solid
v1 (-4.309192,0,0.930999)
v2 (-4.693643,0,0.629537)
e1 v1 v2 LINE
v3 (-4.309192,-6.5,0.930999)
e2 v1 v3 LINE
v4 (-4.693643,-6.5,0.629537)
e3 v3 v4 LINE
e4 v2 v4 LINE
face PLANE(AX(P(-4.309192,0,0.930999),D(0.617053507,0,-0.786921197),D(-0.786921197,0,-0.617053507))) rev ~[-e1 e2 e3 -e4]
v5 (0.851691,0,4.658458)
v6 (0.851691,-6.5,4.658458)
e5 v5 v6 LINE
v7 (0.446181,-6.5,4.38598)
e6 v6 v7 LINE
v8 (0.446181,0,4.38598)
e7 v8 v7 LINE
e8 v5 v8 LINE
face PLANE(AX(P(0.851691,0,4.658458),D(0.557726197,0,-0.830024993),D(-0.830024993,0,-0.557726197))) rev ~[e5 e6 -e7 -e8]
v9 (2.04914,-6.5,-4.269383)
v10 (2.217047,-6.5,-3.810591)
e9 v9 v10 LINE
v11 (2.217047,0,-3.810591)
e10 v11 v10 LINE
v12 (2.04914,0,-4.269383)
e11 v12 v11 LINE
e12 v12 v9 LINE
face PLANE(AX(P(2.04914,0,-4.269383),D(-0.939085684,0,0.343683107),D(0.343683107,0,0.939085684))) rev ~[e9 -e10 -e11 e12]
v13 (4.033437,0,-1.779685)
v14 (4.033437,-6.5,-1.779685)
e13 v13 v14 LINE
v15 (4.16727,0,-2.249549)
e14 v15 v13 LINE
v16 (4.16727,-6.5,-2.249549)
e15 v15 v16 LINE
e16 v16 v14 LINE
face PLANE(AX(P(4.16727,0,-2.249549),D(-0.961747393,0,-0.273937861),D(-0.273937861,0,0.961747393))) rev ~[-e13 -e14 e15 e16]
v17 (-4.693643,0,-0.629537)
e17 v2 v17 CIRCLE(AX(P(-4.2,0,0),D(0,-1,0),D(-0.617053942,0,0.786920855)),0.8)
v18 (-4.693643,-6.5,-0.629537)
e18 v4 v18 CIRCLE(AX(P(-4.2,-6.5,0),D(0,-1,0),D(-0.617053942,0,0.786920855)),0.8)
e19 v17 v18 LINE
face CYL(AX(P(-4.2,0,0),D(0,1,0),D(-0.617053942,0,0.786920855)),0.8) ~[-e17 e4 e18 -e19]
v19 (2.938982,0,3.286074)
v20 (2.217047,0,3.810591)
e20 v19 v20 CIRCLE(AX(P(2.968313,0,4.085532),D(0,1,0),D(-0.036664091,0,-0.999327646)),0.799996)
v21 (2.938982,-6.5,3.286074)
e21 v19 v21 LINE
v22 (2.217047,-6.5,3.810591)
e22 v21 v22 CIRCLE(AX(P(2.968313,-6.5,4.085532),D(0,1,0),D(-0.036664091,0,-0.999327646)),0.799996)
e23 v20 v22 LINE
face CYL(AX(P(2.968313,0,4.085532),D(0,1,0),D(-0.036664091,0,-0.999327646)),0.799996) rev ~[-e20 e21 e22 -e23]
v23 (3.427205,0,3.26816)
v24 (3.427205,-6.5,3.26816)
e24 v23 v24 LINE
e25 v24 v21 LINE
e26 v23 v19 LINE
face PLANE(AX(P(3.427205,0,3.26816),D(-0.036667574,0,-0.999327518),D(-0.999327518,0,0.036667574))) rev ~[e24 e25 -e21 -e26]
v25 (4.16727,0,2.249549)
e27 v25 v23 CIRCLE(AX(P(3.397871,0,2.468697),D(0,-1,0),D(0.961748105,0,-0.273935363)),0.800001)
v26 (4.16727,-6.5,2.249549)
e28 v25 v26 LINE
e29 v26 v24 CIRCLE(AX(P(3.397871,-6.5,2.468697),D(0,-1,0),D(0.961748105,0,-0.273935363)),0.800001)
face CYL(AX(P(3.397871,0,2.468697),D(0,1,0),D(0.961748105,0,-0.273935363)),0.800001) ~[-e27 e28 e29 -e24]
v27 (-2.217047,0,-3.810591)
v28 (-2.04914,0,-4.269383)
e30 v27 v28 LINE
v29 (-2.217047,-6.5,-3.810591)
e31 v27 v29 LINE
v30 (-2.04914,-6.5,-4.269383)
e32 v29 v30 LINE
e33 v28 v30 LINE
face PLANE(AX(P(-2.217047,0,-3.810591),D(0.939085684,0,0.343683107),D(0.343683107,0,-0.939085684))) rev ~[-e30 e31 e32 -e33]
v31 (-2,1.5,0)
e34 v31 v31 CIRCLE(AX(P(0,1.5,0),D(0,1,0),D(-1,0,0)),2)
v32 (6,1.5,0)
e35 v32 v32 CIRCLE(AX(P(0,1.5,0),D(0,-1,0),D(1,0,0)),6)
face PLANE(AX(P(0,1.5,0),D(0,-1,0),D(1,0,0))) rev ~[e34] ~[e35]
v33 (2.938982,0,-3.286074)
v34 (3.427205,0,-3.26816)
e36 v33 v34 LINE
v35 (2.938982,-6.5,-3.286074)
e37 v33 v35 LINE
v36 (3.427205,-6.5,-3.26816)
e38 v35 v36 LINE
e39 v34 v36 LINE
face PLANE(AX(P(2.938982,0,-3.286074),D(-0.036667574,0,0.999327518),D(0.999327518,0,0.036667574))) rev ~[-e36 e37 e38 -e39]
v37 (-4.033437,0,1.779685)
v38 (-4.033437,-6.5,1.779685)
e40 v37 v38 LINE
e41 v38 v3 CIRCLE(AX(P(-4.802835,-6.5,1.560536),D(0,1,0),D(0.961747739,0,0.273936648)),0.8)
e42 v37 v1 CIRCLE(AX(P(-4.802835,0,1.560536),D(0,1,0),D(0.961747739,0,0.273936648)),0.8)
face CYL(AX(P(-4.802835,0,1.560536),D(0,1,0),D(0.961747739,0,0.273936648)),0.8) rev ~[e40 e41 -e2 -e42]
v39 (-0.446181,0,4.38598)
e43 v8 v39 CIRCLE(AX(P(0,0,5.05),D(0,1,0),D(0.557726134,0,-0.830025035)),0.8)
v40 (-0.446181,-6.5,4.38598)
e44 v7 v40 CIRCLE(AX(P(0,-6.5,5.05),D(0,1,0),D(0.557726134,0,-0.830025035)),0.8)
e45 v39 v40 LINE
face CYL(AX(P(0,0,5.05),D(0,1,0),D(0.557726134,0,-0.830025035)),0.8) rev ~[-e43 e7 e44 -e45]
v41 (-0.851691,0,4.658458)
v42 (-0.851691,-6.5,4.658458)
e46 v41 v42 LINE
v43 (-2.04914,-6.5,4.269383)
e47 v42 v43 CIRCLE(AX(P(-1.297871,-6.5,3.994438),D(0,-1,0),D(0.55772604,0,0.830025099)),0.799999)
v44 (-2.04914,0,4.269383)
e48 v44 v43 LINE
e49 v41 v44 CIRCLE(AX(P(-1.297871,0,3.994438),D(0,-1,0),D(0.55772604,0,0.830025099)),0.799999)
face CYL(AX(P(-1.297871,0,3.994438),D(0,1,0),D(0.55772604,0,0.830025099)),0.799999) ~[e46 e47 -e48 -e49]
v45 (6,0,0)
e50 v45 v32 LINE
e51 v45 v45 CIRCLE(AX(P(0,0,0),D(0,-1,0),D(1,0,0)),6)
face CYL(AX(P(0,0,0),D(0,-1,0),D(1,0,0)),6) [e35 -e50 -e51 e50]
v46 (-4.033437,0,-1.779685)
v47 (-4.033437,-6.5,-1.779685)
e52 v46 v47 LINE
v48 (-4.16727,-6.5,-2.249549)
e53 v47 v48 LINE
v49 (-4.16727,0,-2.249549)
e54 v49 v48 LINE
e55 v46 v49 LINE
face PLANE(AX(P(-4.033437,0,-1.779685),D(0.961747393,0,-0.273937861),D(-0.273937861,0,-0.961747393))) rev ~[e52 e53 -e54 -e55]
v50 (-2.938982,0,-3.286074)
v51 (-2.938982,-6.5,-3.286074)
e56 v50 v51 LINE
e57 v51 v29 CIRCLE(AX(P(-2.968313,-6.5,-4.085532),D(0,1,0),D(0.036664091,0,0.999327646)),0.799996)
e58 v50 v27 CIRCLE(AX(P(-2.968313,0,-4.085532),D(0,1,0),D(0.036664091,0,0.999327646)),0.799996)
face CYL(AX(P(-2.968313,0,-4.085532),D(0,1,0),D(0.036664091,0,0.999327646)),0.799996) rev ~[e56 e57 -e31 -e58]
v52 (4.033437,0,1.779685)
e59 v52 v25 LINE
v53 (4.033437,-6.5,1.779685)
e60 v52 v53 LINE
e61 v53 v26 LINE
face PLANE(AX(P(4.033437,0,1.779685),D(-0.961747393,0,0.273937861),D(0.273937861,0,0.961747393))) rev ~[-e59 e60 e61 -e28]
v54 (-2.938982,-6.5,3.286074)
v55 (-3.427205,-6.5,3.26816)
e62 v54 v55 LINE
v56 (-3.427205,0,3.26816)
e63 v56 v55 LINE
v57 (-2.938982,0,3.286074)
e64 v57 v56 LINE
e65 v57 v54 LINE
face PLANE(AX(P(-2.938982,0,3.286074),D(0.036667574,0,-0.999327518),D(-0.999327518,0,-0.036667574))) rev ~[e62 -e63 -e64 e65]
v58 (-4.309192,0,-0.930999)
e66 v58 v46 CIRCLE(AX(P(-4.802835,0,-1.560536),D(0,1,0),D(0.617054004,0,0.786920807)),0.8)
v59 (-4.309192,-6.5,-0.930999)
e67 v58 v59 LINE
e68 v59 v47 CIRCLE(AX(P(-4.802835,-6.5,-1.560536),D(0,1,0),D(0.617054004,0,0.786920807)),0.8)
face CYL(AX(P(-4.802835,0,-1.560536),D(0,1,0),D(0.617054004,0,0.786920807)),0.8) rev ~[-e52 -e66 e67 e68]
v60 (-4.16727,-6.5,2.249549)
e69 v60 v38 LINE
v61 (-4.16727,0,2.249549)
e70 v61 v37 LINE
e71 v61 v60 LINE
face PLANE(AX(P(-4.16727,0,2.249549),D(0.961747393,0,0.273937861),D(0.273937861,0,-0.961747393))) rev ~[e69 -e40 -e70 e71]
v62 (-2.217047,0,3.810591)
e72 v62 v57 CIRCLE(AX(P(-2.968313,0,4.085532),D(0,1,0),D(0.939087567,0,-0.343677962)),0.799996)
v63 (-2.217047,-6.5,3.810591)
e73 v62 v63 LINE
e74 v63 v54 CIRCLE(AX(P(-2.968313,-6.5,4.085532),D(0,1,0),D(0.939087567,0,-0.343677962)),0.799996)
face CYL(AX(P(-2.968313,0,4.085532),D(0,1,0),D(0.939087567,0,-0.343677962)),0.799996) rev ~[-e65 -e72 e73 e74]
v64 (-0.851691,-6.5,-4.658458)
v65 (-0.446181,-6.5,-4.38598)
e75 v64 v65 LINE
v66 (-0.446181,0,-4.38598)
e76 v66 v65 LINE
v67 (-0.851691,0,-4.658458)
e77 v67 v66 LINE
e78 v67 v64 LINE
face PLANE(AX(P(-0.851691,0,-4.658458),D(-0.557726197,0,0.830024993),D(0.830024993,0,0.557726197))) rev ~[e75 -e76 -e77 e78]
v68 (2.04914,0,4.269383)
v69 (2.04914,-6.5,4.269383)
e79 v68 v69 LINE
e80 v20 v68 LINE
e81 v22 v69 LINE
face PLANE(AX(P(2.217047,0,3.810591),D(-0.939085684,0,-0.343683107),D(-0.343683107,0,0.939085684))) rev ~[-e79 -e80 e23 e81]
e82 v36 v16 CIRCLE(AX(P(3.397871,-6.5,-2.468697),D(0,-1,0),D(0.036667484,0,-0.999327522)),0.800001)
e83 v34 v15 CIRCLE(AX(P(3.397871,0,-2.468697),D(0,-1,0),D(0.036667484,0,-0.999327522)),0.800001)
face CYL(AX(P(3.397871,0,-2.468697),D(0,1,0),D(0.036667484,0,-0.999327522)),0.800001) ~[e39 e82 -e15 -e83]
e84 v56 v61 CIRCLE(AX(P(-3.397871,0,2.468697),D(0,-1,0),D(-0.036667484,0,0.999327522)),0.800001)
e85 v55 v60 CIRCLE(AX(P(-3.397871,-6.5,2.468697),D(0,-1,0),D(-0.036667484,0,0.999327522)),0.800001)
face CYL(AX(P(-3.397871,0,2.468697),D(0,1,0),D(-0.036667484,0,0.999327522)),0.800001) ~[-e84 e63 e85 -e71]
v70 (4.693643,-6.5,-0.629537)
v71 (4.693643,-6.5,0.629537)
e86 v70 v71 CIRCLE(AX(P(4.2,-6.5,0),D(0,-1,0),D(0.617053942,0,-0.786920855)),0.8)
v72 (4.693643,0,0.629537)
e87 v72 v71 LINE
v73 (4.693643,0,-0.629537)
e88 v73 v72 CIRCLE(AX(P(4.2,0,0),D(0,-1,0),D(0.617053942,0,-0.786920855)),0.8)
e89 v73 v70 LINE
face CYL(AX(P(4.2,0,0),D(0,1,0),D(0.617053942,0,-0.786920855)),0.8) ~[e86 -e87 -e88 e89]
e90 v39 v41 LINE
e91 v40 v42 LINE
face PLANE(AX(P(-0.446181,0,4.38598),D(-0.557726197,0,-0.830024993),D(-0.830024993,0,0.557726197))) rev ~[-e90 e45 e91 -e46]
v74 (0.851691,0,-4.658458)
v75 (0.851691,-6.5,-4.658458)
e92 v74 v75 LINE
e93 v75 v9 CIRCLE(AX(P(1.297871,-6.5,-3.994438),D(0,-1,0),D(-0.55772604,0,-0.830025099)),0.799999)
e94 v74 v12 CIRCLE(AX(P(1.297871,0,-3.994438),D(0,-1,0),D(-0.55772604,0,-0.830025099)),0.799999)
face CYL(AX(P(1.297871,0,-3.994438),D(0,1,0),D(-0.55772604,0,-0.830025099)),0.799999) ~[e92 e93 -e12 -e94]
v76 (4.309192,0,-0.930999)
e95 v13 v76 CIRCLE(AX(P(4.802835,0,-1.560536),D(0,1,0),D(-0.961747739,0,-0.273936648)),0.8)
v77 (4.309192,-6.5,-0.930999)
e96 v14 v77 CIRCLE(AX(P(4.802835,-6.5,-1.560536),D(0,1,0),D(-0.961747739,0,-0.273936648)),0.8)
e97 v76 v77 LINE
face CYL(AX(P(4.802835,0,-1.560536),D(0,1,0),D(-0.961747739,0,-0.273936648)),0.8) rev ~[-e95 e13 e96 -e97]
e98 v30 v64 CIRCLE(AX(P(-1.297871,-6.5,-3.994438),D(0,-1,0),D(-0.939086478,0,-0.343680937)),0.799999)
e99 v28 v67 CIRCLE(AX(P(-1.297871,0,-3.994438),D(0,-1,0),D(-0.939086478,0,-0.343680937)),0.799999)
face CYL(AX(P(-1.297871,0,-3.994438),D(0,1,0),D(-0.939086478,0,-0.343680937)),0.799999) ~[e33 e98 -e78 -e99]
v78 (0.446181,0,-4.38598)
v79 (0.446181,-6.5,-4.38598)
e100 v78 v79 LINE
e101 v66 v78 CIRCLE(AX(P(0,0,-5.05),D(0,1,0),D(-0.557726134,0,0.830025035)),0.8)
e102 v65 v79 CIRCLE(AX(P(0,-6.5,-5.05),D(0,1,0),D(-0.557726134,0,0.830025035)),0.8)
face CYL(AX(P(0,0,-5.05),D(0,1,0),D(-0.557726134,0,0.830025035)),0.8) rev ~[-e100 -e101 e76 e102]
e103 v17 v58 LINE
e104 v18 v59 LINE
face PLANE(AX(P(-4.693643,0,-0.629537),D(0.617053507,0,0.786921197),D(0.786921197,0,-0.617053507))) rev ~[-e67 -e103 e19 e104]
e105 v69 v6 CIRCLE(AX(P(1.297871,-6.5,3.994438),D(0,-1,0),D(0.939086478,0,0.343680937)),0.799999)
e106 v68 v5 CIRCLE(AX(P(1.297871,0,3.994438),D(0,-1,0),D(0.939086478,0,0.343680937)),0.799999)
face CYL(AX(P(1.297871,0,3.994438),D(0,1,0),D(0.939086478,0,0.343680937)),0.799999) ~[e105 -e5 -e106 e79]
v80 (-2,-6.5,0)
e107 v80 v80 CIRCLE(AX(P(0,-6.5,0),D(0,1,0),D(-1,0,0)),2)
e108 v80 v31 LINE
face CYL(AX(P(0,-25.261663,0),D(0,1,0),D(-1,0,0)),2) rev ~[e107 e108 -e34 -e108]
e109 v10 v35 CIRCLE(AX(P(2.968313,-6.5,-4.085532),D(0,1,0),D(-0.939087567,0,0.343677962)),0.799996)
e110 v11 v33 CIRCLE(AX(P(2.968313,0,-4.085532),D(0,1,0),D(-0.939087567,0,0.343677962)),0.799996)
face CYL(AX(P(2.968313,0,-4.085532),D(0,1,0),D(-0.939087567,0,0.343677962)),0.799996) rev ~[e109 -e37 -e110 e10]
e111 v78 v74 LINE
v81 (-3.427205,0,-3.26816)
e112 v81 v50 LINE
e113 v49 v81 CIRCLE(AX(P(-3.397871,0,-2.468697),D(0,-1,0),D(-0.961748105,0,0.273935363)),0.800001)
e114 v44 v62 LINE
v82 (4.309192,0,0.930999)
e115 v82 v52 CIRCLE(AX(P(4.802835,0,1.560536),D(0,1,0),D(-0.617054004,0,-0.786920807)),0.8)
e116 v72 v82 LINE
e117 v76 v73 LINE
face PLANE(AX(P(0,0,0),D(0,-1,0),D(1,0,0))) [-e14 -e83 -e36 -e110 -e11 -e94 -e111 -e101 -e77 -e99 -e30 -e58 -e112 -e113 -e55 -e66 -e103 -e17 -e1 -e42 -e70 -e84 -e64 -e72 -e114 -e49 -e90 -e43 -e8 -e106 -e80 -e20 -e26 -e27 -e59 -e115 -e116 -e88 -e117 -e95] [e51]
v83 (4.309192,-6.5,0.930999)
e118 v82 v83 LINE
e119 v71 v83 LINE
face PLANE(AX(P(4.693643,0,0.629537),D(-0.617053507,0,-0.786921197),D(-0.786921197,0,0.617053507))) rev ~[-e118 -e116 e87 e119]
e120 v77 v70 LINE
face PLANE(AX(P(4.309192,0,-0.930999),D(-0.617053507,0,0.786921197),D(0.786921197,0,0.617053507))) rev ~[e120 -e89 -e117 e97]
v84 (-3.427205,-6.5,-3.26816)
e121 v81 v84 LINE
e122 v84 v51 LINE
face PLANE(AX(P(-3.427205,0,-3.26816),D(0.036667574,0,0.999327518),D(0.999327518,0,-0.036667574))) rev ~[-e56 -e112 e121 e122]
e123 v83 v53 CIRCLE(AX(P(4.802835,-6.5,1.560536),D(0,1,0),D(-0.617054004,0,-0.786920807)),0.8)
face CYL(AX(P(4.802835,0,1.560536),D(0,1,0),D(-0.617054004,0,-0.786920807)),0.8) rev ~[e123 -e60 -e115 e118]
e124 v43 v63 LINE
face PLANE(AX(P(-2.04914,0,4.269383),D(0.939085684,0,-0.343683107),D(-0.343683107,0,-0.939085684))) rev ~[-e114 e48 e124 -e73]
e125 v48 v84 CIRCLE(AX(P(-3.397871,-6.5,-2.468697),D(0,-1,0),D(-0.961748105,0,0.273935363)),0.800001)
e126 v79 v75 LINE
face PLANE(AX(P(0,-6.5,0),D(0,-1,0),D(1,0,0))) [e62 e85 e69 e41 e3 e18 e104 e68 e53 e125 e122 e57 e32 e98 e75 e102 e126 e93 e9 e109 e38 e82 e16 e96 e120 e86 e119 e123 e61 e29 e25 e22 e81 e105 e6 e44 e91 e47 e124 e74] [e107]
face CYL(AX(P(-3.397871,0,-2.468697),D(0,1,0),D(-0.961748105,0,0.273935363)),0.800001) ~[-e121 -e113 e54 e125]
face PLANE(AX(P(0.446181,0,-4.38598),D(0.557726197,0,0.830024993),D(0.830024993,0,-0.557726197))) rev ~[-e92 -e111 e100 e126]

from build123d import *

# Parameters (mm, degrees)
F1_DEPTH = 6.5
F0_R     = 6
F2_DEPTH = 1.5
F4_D     = 4


with BuildPart() as f1:
    # F0 (on Front) → F1 (new body)
    with BuildSketch(Plane.XZ):
        with BuildLine():
            ThreePointArc((2.938982, 3.286074), (2.498087, 3.438322), (2.217047, 3.810591))
            Line((2.217047, 3.810591), (2.04914, 4.269383))
            ThreePointArc((2.04914, 4.269383), (1.545085, 4.755283), (0.851691, 4.658458))
            Line((0.851691, 4.658458), (0.446181, 4.38598))
            ThreePointArc((0.446181, 4.38598), (0, 4.25), (-0.446181, 4.38598))
            Line((-0.446181, 4.38598), (-0.851691, 4.658458))
            ThreePointArc((-0.851691, 4.658458), (-1.545085, 4.755283), (-2.04914, 4.269383))
            Line((-2.04914, 4.269383), (-2.217047, 3.810591))
            ThreePointArc((-2.217047, 3.810591), (-2.498087, 3.438322), (-2.938982, 3.286074))
            Line((-2.938982, 3.286074), (-3.427205, 3.26816))
            ThreePointArc((-3.427205, 3.26816), (-4.045085, 2.938926), (-4.16727, 2.249549))
            Line((-4.16727, 2.249549), (-4.033437, 1.779685))
            ThreePointArc((-4.033437, 1.779685), (-4.04199, 1.313322), (-4.309192, 0.930999))
            Line((-4.309192, 0.930999), (-4.693643, 0.629537))
            ThreePointArc((-4.693643, 0.629537), (-5, 0), (-4.693643, -0.629537))
            Line((-4.693643, -0.629537), (-4.309192, -0.930999))
            ThreePointArc((-4.309192, -0.930999), (-4.04199, -1.313322), (-4.033437, -1.779685))
            Line((-4.033437, -1.779685), (-4.16727, -2.249549))
            ThreePointArc((-4.16727, -2.249549), (-4.045085, -2.938926), (-3.427205, -3.26816))
            Line((-3.427205, -3.26816), (-2.938982, -3.286074))
            ThreePointArc((-2.938982, -3.286074), (-2.498087, -3.438322), (-2.217047, -3.810591))
            Line((-2.217047, -3.810591), (-2.04914, -4.269383))
            ThreePointArc((-2.04914, -4.269383), (-1.545085, -4.755283), (-0.851691, -4.658458))
            Line((-0.851691, -4.658458), (-0.446181, -4.38598))
            ThreePointArc((-0.446181, -4.38598), (0, -4.25), (0.446181, -4.38598))
            Line((0.446181, -4.38598), (0.851691, -4.658458))
            ThreePointArc((0.851691, -4.658458), (1.545085, -4.755283), (2.04914, -4.269383))
            Line((2.04914, -4.269383), (2.217047, -3.810591))
            ThreePointArc((2.217047, -3.810591), (2.498087, -3.438322), (2.938982, -3.286074))
            Line((2.938982, -3.286074), (3.427205, -3.26816))
            ThreePointArc((3.427205, -3.26816), (4.045085, -2.938926), (4.16727, -2.249549))
            Line((4.16727, -2.249549), (4.033437, -1.779685))
            ThreePointArc((4.033437, -1.779685), (4.04199, -1.313322), (4.309192, -0.930999))
            Line((4.309192, -0.930999), (4.693643, -0.629537))
            ThreePointArc((4.693643, -0.629537), (5, 0), (4.693643, 0.629537))
            Line((4.693643, 0.629537), (4.309192, 0.930999))
            ThreePointArc((4.309192, 0.930999), (4.04199, 1.313322), (4.033437, 1.779685))
            Line((4.033437, 1.779685), (4.16727, 2.249549))
            ThreePointArc((4.16727, 2.249549), (4.045085, 2.938926), (3.427205, 3.26816))
            Line((3.427205, 3.26816), (2.938982, 3.286074))
        make_face()
    extrude(amount=F1_DEPTH)

    # F0 (on Front) → F2 (join)
    with BuildSketch(Plane.XZ):
        Circle(F0_R)
        with BuildLine():
            Line((2.04914, 4.269383), (2.217047, 3.810591))
            ThreePointArc((2.217047, 3.810591), (2.498087, 3.438322), (2.938982, 3.286074))
            Line((2.938982, 3.286074), (3.427205, 3.26816))
            ThreePointArc((3.427205, 3.26816), (4.045085, 2.938926), (4.16727, 2.249549))
            Line((4.16727, 2.249549), (4.033437, 1.779685))
            ThreePointArc((4.033437, 1.779685), (4.04199, 1.313322), (4.309192, 0.930999))
            Line((4.309192, 0.930999), (4.693643, 0.629537))
            ThreePointArc((4.693643, 0.629537), (5, 0), (4.693643, -0.629537))
            Line((4.693643, -0.629537), (4.309192, -0.930999))
            ThreePointArc((4.309192, -0.930999), (4.04199, -1.313322), (4.033437, -1.779685))
            Line((4.033437, -1.779685), (4.16727, -2.249549))
            ThreePointArc((4.16727, -2.249549), (4.045085, -2.938926), (3.427205, -3.26816))
            Line((3.427205, -3.26816), (2.938982, -3.286074))
            ThreePointArc((2.938982, -3.286074), (2.498087, -3.438322), (2.217047, -3.810591))
            Line((2.217047, -3.810591), (2.04914, -4.269383))
            ThreePointArc((2.04914, -4.269383), (1.545085, -4.755283), (0.851691, -4.658458))
            Line((0.851691, -4.658458), (0.446181, -4.38598))
            ThreePointArc((0.446181, -4.38598), (0, -4.25), (-0.446181, -4.38598))
            Line((-0.446181, -4.38598), (-0.851691, -4.658458))
            ThreePointArc((-0.851691, -4.658458), (-1.545085, -4.755283), (-2.04914, -4.269383))
            Line((-2.04914, -4.269383), (-2.217047, -3.810591))
            ThreePointArc((-2.217047, -3.810591), (-2.498087, -3.438322), (-2.938982, -3.286074))
            Line((-2.938982, -3.286074), (-3.427205, -3.26816))
            ThreePointArc((-3.427205, -3.26816), (-4.045085, -2.938926), (-4.16727, -2.249549))
            Line((-4.16727, -2.249549), (-4.033437, -1.779685))
            ThreePointArc((-4.033437, -1.779685), (-4.04199, -1.313322), (-4.309192, -0.930999))
            Line((-4.309192, -0.930999), (-4.693643, -0.629537))
            ThreePointArc((-4.693643, -0.629537), (-5, 0), (-4.693643, 0.629537))
            Line((-4.693643, 0.629537), (-4.309192, 0.930999))
            ThreePointArc((-4.309192, 0.930999), (-4.04199, 1.313322), (-4.033437, 1.779685))
            Line((-4.033437, 1.779685), (-4.16727, 2.249549))
            ThreePointArc((-4.16727, 2.249549), (-4.045085, 2.938926), (-3.427205, 3.26816))
            Line((-3.427205, 3.26816), (-2.938982, 3.286074))
            ThreePointArc((-2.938982, 3.286074), (-2.498087, 3.438322), (-2.217047, 3.810591))
            Line((-2.217047, 3.810591), (-2.04914, 4.269383))
            ThreePointArc((-2.04914, 4.269383), (-1.545085, 4.755283), (-0.851691, 4.658458))
            Line((-0.851691, 4.658458), (-0.446181, 4.38598))
            ThreePointArc((-0.446181, 4.38598), (0, 4.25), (0.446181, 4.38598))
            Line((0.446181, 4.38598), (0.851691, 4.658458))
            ThreePointArc((0.851691, 4.658458), (1.545085, 4.755283), (2.04914, 4.269383))
        make_face(mode=Mode.SUBTRACT)
        with BuildLine():
            ThreePointArc((2.938982, 3.286074), (2.498087, 3.438322), (2.217047, 3.810591))
            Line((2.217047, 3.810591), (2.04914, 4.269383))
            ThreePointArc((2.04914, 4.269383), (1.545085, 4.755283), (0.851691, 4.658458))
            Line((0.851691, 4.658458), (0.446181, 4.38598))
            ThreePointArc((0.446181, 4.38598), (0, 4.25), (-0.446181, 4.38598))
            Line((-0.446181, 4.38598), (-0.851691, 4.658458))
            ThreePointArc((-0.851691, 4.658458), (-1.545085, 4.755283), (-2.04914, 4.269383))
            Line((-2.04914, 4.269383), (-2.217047, 3.810591))
            ThreePointArc((-2.217047, 3.810591), (-2.498087, 3.438322), (-2.938982, 3.286074))
            Line((-2.938982, 3.286074), (-3.427205, 3.26816))
            ThreePointArc((-3.427205, 3.26816), (-4.045085, 2.938926), (-4.16727, 2.249549))
            Line((-4.16727, 2.249549), (-4.033437, 1.779685))
            ThreePointArc((-4.033437, 1.779685), (-4.04199, 1.313322), (-4.309192, 0.930999))
            Line((-4.309192, 0.930999), (-4.693643, 0.629537))
            ThreePointArc((-4.693643, 0.629537), (-5, 0), (-4.693643, -0.629537))
            Line((-4.693643, -0.629537), (-4.309192, -0.930999))
            ThreePointArc((-4.309192, -0.930999), (-4.04199, -1.313322), (-4.033437, -1.779685))
            Line((-4.033437, -1.779685), (-4.16727, -2.249549))
            ThreePointArc((-4.16727, -2.249549), (-4.045085, -2.938926), (-3.427205, -3.26816))
            Line((-3.427205, -3.26816), (-2.938982, -3.286074))
            ThreePointArc((-2.938982, -3.286074), (-2.498087, -3.438322), (-2.217047, -3.810591))
            Line((-2.217047, -3.810591), (-2.04914, -4.269383))
            ThreePointArc((-2.04914, -4.269383), (-1.545085, -4.755283), (-0.851691, -4.658458))
            Line((-0.851691, -4.658458), (-0.446181, -4.38598))
            ThreePointArc((-0.446181, -4.38598), (0, -4.25), (0.446181, -4.38598))
            Line((0.446181, -4.38598), (0.851691, -4.658458))
            ThreePointArc((0.851691, -4.658458), (1.545085, -4.755283), (2.04914, -4.269383))
            Line((2.04914, -4.269383), (2.217047, -3.810591))
            ThreePointArc((2.217047, -3.810591), (2.498087, -3.438322), (2.938982, -3.286074))
            Line((2.938982, -3.286074), (3.427205, -3.26816))
            ThreePointArc((3.427205, -3.26816), (4.045085, -2.938926), (4.16727, -2.249549))
            Line((4.16727, -2.249549), (4.033437, -1.779685))
            ThreePointArc((4.033437, -1.779685), (4.04199, -1.313322), (4.309192, -0.930999))
            Line((4.309192, -0.930999), (4.693643, -0.629537))
            ThreePointArc((4.693643, -0.629537), (5, 0), (4.693643, 0.629537))
            Line((4.693643, 0.629537), (4.309192, 0.930999))
            ThreePointArc((4.309192, 0.930999), (4.04199, 1.313322), (4.033437, 1.779685))
            Line((4.033437, 1.779685), (4.16727, 2.249549))
            ThreePointArc((4.16727, 2.249549), (4.045085, 2.938926), (3.427205, 3.26816))
            Line((3.427205, 3.26816), (2.938982, 3.286074))
        make_face()
    extrude(amount=-F2_DEPTH)

    # F4 (through all)
    with Locations(Plane.XZ.offset(6.5)):
        with Locations((0, 0)):
            Hole(F4_D / 2)


solid = f1.part
